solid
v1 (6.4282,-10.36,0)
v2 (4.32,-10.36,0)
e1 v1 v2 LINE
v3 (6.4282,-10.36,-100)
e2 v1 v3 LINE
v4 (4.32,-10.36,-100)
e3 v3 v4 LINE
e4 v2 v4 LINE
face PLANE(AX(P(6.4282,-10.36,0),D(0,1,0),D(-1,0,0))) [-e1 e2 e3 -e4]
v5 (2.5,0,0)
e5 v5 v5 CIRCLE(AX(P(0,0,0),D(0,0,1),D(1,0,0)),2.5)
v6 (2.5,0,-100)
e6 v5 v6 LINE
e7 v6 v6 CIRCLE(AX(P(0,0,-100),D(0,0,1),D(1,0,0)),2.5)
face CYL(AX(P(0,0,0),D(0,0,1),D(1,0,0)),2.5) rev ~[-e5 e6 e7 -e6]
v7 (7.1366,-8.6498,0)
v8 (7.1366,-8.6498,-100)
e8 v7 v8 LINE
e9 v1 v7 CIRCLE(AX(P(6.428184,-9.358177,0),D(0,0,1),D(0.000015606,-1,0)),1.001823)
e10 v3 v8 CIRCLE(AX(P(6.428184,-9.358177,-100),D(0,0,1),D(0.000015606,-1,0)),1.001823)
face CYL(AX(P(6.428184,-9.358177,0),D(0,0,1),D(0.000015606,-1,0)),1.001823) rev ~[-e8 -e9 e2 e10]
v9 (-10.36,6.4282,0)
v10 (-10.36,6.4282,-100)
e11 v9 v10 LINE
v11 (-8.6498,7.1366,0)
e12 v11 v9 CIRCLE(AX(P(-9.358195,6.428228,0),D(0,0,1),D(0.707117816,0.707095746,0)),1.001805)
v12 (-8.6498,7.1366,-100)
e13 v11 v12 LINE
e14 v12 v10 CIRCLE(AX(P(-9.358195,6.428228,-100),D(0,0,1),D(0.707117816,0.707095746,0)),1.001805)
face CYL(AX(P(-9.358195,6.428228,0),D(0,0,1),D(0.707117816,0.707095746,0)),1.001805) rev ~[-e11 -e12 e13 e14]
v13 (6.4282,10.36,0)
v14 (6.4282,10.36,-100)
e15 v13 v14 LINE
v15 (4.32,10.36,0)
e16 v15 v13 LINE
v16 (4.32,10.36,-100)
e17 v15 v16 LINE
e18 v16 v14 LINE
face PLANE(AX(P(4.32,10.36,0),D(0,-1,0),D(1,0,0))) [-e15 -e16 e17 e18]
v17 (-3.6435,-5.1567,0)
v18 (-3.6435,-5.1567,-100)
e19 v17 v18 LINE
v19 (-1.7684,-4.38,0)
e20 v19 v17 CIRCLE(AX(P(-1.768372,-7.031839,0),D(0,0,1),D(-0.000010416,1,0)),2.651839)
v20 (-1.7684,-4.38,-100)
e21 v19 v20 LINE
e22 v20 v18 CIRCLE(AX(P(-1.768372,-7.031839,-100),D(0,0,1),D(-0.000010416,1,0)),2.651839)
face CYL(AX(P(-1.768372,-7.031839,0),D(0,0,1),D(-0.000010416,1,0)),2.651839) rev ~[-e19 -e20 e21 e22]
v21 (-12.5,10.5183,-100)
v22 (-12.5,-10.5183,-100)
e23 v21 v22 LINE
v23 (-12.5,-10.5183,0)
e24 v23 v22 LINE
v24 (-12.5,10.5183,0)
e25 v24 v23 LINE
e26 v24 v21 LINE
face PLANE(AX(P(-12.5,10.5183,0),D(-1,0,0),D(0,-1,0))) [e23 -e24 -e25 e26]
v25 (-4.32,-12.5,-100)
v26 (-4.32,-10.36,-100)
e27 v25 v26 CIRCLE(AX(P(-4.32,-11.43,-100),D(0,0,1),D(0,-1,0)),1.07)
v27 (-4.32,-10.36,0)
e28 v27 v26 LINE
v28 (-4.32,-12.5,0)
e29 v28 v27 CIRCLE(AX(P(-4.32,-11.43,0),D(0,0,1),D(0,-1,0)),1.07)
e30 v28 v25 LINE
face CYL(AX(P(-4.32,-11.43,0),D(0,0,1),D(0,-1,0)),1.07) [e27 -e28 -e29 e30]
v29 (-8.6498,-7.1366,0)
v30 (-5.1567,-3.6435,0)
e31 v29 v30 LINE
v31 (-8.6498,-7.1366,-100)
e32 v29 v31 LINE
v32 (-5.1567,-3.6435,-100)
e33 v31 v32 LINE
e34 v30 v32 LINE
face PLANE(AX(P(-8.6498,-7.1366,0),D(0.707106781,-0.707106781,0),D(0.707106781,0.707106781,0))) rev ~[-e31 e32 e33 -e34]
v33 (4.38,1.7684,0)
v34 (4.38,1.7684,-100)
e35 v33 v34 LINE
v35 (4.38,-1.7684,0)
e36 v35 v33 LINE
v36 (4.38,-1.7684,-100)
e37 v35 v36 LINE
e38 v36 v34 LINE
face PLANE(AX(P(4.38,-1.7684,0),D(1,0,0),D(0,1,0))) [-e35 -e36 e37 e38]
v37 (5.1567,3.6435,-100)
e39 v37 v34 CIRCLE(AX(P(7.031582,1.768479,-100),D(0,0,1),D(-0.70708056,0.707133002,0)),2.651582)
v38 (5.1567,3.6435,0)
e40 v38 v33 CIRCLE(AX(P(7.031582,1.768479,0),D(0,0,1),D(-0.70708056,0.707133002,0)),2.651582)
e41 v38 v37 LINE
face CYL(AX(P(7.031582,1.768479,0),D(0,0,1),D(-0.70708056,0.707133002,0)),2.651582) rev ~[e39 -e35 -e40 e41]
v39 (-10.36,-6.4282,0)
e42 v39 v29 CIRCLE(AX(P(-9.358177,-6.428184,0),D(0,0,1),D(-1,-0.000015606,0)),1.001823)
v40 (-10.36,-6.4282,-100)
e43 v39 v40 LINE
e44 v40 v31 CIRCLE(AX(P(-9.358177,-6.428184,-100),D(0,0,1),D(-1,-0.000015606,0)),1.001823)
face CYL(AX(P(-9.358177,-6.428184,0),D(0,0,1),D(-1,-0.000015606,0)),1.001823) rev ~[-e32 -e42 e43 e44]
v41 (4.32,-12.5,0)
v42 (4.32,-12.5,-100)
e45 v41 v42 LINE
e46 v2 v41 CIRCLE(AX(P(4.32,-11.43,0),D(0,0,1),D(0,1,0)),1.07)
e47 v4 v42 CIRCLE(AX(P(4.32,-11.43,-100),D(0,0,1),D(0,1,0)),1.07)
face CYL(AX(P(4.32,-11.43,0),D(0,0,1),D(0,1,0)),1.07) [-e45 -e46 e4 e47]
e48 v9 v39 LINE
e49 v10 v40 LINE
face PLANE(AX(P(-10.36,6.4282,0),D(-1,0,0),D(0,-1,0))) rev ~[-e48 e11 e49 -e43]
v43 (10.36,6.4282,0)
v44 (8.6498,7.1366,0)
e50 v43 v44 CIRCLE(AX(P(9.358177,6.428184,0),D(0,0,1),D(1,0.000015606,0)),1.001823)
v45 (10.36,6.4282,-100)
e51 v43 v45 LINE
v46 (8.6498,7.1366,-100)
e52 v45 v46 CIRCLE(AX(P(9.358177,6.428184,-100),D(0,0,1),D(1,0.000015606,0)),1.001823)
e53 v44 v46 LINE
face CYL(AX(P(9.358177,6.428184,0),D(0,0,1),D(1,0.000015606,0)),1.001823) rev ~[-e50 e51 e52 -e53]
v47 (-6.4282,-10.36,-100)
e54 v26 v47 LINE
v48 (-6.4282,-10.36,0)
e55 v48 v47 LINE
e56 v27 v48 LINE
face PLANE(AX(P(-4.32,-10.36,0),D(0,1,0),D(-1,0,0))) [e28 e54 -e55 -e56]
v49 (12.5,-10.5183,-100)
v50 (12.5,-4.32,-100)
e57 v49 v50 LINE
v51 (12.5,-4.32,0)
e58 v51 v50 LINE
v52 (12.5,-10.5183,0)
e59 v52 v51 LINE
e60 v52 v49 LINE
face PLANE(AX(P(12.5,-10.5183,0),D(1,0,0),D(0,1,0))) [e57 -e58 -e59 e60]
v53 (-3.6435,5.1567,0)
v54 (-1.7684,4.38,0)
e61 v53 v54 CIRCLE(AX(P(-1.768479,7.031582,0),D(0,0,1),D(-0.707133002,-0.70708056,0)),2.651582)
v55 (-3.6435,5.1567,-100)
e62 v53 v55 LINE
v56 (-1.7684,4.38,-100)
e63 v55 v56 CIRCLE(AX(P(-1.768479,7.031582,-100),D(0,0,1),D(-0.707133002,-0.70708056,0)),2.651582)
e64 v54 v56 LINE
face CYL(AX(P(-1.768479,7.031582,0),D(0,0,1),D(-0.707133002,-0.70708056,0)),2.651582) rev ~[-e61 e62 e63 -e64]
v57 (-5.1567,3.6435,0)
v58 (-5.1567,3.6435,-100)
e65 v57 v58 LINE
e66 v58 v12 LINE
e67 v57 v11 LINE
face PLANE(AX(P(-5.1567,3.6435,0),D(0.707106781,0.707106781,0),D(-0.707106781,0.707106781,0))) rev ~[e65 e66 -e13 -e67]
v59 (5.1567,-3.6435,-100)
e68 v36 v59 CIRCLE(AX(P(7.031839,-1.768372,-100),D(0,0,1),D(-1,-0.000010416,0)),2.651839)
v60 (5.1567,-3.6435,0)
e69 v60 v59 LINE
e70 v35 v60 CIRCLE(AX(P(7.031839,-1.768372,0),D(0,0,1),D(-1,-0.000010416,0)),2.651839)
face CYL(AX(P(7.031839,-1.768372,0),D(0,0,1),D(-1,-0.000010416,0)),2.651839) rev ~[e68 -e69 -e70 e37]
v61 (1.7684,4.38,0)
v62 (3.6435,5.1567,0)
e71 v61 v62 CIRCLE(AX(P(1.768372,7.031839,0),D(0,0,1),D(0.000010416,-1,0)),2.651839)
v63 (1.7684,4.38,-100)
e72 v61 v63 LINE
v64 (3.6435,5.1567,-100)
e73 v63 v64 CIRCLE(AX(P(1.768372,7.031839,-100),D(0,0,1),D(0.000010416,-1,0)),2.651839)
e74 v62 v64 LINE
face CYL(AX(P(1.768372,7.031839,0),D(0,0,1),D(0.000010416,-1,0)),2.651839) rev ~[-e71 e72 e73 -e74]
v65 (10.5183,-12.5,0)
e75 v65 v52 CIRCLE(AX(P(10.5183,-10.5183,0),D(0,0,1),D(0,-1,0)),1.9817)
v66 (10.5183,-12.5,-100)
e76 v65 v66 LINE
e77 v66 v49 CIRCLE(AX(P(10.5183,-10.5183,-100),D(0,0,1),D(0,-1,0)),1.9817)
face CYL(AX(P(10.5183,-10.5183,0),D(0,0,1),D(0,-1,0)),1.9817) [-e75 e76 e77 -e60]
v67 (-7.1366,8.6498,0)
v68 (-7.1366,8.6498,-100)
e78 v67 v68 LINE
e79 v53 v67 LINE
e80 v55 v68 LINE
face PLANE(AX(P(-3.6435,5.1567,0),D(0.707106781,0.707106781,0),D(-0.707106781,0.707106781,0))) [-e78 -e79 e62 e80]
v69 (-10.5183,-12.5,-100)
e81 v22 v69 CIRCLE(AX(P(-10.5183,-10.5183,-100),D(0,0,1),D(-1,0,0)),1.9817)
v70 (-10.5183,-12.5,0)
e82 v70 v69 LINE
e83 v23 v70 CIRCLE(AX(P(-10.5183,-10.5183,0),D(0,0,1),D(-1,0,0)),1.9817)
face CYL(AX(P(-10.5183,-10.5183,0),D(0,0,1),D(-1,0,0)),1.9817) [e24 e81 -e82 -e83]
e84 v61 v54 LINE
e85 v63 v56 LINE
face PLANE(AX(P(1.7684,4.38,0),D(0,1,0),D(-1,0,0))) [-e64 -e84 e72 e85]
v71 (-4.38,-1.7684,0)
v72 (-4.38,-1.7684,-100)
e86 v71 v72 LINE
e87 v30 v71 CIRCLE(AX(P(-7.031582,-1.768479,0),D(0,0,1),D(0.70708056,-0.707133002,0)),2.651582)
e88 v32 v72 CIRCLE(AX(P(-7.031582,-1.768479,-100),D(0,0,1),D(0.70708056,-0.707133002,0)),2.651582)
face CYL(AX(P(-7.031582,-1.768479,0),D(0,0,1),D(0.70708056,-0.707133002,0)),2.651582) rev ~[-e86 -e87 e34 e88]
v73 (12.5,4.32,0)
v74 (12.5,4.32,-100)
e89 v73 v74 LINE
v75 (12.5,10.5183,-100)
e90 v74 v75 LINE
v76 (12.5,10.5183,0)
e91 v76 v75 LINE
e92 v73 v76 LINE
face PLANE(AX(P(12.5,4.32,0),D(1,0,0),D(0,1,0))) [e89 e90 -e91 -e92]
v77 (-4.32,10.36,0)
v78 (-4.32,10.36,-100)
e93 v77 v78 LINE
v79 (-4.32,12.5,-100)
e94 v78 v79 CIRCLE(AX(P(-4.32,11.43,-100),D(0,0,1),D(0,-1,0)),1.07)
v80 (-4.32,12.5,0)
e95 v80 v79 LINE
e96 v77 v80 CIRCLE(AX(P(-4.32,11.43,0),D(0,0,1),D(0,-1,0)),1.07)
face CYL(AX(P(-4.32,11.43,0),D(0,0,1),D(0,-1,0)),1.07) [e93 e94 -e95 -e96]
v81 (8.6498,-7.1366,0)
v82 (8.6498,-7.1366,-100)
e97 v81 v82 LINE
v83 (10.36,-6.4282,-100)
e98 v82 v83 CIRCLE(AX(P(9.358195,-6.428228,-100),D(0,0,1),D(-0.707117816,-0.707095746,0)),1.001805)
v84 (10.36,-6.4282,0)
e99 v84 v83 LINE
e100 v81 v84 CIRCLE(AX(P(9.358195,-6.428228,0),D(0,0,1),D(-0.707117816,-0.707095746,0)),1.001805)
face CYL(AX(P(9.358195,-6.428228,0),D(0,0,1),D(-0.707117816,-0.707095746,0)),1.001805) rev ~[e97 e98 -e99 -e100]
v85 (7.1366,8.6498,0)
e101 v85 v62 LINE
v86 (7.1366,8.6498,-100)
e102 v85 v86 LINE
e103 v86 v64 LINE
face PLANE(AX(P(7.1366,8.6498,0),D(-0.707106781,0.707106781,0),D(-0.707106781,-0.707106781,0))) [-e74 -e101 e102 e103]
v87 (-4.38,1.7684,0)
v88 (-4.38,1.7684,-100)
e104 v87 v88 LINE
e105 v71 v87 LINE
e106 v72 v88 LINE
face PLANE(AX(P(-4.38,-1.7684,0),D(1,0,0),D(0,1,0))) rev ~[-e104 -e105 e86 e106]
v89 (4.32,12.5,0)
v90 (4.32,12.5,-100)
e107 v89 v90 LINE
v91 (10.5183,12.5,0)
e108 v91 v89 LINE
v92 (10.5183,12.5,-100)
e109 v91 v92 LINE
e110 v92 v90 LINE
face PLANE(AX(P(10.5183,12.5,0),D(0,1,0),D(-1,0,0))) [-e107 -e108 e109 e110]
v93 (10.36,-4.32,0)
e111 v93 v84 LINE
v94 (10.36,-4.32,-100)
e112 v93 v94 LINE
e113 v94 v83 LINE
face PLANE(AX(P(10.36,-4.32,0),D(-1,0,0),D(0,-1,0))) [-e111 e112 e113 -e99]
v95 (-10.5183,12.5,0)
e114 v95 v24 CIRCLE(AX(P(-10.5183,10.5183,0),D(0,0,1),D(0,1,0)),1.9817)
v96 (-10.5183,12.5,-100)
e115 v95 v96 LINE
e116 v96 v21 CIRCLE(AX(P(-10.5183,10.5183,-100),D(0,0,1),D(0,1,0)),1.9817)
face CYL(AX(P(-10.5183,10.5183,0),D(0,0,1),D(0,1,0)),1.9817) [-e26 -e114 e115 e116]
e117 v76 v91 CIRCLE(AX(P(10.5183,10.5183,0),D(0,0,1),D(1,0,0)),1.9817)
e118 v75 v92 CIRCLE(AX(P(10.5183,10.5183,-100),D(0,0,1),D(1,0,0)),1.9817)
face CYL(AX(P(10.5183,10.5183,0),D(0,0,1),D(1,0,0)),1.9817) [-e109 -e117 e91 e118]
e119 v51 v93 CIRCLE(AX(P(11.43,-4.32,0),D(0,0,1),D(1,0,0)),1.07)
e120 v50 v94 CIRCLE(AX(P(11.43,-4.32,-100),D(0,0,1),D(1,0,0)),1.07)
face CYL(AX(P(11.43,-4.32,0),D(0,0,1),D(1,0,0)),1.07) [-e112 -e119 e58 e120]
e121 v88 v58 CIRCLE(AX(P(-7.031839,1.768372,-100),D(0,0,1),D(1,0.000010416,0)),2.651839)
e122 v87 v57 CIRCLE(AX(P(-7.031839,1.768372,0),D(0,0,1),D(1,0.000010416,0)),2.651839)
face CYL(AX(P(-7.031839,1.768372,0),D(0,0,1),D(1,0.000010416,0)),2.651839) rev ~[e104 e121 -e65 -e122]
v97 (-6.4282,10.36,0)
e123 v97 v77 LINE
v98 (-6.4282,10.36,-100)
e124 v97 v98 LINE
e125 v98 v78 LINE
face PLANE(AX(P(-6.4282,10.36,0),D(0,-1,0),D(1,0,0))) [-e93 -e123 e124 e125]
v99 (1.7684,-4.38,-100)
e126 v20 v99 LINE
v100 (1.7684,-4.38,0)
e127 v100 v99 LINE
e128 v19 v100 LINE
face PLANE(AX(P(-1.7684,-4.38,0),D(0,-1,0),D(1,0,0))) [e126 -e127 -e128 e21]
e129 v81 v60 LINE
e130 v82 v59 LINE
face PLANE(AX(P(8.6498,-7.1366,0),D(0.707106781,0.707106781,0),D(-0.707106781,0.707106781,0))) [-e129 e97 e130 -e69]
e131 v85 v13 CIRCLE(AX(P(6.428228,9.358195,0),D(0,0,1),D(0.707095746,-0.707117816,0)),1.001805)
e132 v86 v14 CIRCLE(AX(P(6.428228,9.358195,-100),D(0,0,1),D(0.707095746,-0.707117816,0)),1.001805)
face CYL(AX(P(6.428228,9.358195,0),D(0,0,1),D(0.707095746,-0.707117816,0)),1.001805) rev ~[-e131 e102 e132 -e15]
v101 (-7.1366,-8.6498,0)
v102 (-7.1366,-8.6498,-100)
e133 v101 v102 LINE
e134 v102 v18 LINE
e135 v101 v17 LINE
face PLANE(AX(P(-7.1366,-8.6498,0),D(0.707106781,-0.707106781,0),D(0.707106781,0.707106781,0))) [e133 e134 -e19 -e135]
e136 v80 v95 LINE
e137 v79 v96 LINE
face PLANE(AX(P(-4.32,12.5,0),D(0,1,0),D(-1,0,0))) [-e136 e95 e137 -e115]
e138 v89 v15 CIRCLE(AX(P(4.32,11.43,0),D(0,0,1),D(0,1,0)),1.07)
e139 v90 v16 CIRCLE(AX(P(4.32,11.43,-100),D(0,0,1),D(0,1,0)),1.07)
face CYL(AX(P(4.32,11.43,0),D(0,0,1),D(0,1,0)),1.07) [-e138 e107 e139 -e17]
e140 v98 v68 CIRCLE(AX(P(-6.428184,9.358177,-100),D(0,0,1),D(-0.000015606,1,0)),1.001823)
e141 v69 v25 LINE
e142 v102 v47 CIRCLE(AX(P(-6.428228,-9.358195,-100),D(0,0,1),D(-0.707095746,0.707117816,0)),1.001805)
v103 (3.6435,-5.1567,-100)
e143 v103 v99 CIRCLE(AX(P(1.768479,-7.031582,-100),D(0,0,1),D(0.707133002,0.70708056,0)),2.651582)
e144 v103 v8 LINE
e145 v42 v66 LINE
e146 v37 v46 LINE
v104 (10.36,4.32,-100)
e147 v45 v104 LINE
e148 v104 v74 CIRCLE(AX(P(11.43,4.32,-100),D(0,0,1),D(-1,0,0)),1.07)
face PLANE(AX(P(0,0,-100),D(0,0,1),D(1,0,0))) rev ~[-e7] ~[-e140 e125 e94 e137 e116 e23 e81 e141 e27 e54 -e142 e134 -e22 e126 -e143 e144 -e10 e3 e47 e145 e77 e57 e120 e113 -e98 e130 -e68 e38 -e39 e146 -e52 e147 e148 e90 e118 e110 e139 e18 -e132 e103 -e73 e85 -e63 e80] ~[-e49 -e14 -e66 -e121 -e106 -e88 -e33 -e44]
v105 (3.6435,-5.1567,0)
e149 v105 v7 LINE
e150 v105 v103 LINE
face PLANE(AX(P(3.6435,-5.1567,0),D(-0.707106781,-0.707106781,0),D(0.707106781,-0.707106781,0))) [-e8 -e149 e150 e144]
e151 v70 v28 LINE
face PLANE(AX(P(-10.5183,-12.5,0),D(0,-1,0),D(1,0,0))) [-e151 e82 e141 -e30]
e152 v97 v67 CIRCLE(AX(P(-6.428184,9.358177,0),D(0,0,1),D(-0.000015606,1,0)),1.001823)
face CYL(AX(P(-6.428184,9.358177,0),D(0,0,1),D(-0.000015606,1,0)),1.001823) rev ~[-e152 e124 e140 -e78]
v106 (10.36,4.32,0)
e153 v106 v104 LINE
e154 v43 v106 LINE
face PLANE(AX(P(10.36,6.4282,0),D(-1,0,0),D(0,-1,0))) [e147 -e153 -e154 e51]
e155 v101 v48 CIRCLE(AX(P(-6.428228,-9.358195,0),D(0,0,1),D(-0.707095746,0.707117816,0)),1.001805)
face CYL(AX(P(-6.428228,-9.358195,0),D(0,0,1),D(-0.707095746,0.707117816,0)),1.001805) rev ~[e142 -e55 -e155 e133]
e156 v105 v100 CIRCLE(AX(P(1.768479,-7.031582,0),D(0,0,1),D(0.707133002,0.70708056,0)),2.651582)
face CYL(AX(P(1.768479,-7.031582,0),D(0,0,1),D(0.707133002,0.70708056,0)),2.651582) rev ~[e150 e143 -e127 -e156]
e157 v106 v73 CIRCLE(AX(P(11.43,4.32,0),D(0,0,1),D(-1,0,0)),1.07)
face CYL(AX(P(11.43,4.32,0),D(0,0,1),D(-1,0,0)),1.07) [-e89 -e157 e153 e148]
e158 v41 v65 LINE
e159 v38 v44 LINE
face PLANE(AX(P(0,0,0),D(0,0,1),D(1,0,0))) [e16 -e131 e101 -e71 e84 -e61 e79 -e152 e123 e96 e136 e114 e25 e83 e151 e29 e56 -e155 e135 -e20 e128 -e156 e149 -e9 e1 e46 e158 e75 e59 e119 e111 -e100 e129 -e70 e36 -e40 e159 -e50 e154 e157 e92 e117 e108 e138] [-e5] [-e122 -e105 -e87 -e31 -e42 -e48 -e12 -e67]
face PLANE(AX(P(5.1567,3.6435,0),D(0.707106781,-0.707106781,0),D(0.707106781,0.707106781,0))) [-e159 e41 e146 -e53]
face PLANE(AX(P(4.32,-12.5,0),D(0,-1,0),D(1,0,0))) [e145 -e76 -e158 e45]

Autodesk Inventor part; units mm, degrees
ref_plane "YZ Plane" through (0, 0, 0) normal (1, 0, 0) x (0, 1, 0)
ref_plane "XZ Plane" through (0, 0, 0) normal (0, 1, 0) x (-1, 0, 0)
ref_plane "XY Plane" through (0, 0, 0) normal (0, 0, 1) x (1, 0, 0)
sketch "Sketch1" plane through (0, 0, 0) normal (0, 0, 1) x (1, 0, 0)
  arc A0 (-10.36, -6.4282) -> (-8.6498, -7.1366) centre (-9.3582, -6.4282) ccw
  line L0 (-10.36, 6.4282) -> (-10.36, -6.4282)
  arc A1 (-8.6498, 7.1366) -> (-10.36, 6.4282) centre (-9.3582, 6.4282) ccw
  line L1 (-5.1567, 3.6435) -> (-8.6498, 7.1366)
  arc A2 (-4.38, 1.7684) -> (-5.1567, 3.6435) centre (-7.0317, 1.7684) ccw
  line L2 (-4.38, -1.7684) -> (-4.38, 1.7684)
  arc A3 (-5.1567, -3.6435) -> (-4.38, -1.7684) centre (-7.0317, -1.7684) ccw
  line L3 (-8.6498, -7.1366) -> (-5.1567, -3.6435)
  circle A4 centre (0, 0) radius 2.5
  line L4 (-10.5183, -12.5) -> (-4.32, -12.5)
  arc A5 (-4.32, -12.5) -> (-4.32, -10.36) centre (-4.32, -11.43) ccw
  line L5 (-4.32, -10.36) -> (-6.4282, -10.36)
  arc A6 (-7.1366, -8.6498) -> (-6.4282, -10.36) centre (-6.4282, -9.3582) ccw
  line L6 (-7.1366, -8.6498) -> (-3.6435, -5.1567)
  arc A7 (-1.7684, -4.38) -> (-3.6435, -5.1567) centre (-1.7684, -7.0317) ccw
  line L7 (-1.7684, -4.38) -> (1.7684, -4.38)
  arc A8 (3.6435, -5.1567) -> (1.7684, -4.38) centre (1.7684, -7.0317) ccw
  line L8 (3.6435, -5.1567) -> (7.1366, -8.6498)
  arc A9 (6.4282, -10.36) -> (7.1366, -8.6498) centre (6.4282, -9.3582) ccw
  line L9 (6.4282, -10.36) -> (4.32, -10.36)
  arc A10 (4.32, -10.36) -> (4.32, -12.5) centre (4.32, -11.43) ccw
  line L10 (4.32, -12.5) -> (10.5183, -12.5)
  arc A11 (10.5183, -12.5) -> (12.5, -10.5183) centre (10.5183, -10.5183) ccw
  line L11 (12.5, -10.5183) -> (12.5, -4.32)
  arc A12 (12.5, -4.32) -> (10.36, -4.32) centre (11.43, -4.32) ccw
  line L12 (10.36, -4.32) -> (10.36, -6.4282)
  arc A13 (8.6498, -7.1366) -> (10.36, -6.4282) centre (9.3582, -6.4282) ccw
  line L13 (8.6498, -7.1366) -> (5.1567, -3.6435)
  arc A14 (4.38, -1.7684) -> (5.1567, -3.6435) centre (7.0317, -1.7684) ccw
  line L14 (4.38, -1.7684) -> (4.38, 1.7684)
  arc A15 (5.1567, 3.6435) -> (4.38, 1.7684) centre (7.0317, 1.7684) ccw
  line L15 (5.1567, 3.6435) -> (8.6498, 7.1366)
  arc A16 (10.36, 6.4282) -> (8.6498, 7.1366) centre (9.3582, 6.4282) ccw
  line L16 (10.36, 6.4282) -> (10.36, 4.32)
  arc A17 (10.36, 4.32) -> (12.5, 4.32) centre (11.43, 4.32) ccw
  line L17 (12.5, 4.32) -> (12.5, 10.5183)
  arc A18 (12.5, 10.5183) -> (10.5183, 12.5) centre (10.5183, 10.5183) ccw
  line L18 (10.5183, 12.5) -> (4.32, 12.5)
  arc A19 (4.32, 12.5) -> (4.32, 10.36) centre (4.32, 11.43) ccw
  line L19 (4.32, 10.36) -> (6.4282, 10.36)
  arc A20 (7.1366, 8.6498) -> (6.4282, 10.36) centre (6.4282, 9.3582) ccw
  line L20 (7.1366, 8.6498) -> (3.6435, 5.1567)
  arc A21 (1.7684, 4.38) -> (3.6435, 5.1567) centre (1.7684, 7.0317) ccw
  line L21 (1.7684, 4.38) -> (-1.7684, 4.38)
  arc A22 (-3.6435, 5.1567) -> (-1.7684, 4.38) centre (-1.7684, 7.0317) ccw
  line L22 (-3.6435, 5.1567) -> (-7.1366, 8.6498)
  arc A23 (-6.4282, 10.36) -> (-7.1366, 8.6498) centre (-6.4282, 9.3582) ccw
  line L23 (-6.4282, 10.36) -> (-4.32, 10.36)
  arc A24 (-4.32, 10.36) -> (-4.32, 12.5) centre (-4.32, 11.43) ccw
  line L24 (-4.32, 12.5) -> (-10.5183, 12.5)
  arc A25 (-10.5183, 12.5) -> (-12.5, 10.5183) centre (-10.5183, 10.5183) ccw
  line L25 (-12.5, 10.5183) -> (-12.5, -10.5183)
  arc A26 (-12.5, -10.5183) -> (-10.5183, -12.5) centre (-10.5183, -10.5183) ccw
extrude "Extrusion1" add sketch "Sketch1" against normal blind 100
properties part number "25-2503"
